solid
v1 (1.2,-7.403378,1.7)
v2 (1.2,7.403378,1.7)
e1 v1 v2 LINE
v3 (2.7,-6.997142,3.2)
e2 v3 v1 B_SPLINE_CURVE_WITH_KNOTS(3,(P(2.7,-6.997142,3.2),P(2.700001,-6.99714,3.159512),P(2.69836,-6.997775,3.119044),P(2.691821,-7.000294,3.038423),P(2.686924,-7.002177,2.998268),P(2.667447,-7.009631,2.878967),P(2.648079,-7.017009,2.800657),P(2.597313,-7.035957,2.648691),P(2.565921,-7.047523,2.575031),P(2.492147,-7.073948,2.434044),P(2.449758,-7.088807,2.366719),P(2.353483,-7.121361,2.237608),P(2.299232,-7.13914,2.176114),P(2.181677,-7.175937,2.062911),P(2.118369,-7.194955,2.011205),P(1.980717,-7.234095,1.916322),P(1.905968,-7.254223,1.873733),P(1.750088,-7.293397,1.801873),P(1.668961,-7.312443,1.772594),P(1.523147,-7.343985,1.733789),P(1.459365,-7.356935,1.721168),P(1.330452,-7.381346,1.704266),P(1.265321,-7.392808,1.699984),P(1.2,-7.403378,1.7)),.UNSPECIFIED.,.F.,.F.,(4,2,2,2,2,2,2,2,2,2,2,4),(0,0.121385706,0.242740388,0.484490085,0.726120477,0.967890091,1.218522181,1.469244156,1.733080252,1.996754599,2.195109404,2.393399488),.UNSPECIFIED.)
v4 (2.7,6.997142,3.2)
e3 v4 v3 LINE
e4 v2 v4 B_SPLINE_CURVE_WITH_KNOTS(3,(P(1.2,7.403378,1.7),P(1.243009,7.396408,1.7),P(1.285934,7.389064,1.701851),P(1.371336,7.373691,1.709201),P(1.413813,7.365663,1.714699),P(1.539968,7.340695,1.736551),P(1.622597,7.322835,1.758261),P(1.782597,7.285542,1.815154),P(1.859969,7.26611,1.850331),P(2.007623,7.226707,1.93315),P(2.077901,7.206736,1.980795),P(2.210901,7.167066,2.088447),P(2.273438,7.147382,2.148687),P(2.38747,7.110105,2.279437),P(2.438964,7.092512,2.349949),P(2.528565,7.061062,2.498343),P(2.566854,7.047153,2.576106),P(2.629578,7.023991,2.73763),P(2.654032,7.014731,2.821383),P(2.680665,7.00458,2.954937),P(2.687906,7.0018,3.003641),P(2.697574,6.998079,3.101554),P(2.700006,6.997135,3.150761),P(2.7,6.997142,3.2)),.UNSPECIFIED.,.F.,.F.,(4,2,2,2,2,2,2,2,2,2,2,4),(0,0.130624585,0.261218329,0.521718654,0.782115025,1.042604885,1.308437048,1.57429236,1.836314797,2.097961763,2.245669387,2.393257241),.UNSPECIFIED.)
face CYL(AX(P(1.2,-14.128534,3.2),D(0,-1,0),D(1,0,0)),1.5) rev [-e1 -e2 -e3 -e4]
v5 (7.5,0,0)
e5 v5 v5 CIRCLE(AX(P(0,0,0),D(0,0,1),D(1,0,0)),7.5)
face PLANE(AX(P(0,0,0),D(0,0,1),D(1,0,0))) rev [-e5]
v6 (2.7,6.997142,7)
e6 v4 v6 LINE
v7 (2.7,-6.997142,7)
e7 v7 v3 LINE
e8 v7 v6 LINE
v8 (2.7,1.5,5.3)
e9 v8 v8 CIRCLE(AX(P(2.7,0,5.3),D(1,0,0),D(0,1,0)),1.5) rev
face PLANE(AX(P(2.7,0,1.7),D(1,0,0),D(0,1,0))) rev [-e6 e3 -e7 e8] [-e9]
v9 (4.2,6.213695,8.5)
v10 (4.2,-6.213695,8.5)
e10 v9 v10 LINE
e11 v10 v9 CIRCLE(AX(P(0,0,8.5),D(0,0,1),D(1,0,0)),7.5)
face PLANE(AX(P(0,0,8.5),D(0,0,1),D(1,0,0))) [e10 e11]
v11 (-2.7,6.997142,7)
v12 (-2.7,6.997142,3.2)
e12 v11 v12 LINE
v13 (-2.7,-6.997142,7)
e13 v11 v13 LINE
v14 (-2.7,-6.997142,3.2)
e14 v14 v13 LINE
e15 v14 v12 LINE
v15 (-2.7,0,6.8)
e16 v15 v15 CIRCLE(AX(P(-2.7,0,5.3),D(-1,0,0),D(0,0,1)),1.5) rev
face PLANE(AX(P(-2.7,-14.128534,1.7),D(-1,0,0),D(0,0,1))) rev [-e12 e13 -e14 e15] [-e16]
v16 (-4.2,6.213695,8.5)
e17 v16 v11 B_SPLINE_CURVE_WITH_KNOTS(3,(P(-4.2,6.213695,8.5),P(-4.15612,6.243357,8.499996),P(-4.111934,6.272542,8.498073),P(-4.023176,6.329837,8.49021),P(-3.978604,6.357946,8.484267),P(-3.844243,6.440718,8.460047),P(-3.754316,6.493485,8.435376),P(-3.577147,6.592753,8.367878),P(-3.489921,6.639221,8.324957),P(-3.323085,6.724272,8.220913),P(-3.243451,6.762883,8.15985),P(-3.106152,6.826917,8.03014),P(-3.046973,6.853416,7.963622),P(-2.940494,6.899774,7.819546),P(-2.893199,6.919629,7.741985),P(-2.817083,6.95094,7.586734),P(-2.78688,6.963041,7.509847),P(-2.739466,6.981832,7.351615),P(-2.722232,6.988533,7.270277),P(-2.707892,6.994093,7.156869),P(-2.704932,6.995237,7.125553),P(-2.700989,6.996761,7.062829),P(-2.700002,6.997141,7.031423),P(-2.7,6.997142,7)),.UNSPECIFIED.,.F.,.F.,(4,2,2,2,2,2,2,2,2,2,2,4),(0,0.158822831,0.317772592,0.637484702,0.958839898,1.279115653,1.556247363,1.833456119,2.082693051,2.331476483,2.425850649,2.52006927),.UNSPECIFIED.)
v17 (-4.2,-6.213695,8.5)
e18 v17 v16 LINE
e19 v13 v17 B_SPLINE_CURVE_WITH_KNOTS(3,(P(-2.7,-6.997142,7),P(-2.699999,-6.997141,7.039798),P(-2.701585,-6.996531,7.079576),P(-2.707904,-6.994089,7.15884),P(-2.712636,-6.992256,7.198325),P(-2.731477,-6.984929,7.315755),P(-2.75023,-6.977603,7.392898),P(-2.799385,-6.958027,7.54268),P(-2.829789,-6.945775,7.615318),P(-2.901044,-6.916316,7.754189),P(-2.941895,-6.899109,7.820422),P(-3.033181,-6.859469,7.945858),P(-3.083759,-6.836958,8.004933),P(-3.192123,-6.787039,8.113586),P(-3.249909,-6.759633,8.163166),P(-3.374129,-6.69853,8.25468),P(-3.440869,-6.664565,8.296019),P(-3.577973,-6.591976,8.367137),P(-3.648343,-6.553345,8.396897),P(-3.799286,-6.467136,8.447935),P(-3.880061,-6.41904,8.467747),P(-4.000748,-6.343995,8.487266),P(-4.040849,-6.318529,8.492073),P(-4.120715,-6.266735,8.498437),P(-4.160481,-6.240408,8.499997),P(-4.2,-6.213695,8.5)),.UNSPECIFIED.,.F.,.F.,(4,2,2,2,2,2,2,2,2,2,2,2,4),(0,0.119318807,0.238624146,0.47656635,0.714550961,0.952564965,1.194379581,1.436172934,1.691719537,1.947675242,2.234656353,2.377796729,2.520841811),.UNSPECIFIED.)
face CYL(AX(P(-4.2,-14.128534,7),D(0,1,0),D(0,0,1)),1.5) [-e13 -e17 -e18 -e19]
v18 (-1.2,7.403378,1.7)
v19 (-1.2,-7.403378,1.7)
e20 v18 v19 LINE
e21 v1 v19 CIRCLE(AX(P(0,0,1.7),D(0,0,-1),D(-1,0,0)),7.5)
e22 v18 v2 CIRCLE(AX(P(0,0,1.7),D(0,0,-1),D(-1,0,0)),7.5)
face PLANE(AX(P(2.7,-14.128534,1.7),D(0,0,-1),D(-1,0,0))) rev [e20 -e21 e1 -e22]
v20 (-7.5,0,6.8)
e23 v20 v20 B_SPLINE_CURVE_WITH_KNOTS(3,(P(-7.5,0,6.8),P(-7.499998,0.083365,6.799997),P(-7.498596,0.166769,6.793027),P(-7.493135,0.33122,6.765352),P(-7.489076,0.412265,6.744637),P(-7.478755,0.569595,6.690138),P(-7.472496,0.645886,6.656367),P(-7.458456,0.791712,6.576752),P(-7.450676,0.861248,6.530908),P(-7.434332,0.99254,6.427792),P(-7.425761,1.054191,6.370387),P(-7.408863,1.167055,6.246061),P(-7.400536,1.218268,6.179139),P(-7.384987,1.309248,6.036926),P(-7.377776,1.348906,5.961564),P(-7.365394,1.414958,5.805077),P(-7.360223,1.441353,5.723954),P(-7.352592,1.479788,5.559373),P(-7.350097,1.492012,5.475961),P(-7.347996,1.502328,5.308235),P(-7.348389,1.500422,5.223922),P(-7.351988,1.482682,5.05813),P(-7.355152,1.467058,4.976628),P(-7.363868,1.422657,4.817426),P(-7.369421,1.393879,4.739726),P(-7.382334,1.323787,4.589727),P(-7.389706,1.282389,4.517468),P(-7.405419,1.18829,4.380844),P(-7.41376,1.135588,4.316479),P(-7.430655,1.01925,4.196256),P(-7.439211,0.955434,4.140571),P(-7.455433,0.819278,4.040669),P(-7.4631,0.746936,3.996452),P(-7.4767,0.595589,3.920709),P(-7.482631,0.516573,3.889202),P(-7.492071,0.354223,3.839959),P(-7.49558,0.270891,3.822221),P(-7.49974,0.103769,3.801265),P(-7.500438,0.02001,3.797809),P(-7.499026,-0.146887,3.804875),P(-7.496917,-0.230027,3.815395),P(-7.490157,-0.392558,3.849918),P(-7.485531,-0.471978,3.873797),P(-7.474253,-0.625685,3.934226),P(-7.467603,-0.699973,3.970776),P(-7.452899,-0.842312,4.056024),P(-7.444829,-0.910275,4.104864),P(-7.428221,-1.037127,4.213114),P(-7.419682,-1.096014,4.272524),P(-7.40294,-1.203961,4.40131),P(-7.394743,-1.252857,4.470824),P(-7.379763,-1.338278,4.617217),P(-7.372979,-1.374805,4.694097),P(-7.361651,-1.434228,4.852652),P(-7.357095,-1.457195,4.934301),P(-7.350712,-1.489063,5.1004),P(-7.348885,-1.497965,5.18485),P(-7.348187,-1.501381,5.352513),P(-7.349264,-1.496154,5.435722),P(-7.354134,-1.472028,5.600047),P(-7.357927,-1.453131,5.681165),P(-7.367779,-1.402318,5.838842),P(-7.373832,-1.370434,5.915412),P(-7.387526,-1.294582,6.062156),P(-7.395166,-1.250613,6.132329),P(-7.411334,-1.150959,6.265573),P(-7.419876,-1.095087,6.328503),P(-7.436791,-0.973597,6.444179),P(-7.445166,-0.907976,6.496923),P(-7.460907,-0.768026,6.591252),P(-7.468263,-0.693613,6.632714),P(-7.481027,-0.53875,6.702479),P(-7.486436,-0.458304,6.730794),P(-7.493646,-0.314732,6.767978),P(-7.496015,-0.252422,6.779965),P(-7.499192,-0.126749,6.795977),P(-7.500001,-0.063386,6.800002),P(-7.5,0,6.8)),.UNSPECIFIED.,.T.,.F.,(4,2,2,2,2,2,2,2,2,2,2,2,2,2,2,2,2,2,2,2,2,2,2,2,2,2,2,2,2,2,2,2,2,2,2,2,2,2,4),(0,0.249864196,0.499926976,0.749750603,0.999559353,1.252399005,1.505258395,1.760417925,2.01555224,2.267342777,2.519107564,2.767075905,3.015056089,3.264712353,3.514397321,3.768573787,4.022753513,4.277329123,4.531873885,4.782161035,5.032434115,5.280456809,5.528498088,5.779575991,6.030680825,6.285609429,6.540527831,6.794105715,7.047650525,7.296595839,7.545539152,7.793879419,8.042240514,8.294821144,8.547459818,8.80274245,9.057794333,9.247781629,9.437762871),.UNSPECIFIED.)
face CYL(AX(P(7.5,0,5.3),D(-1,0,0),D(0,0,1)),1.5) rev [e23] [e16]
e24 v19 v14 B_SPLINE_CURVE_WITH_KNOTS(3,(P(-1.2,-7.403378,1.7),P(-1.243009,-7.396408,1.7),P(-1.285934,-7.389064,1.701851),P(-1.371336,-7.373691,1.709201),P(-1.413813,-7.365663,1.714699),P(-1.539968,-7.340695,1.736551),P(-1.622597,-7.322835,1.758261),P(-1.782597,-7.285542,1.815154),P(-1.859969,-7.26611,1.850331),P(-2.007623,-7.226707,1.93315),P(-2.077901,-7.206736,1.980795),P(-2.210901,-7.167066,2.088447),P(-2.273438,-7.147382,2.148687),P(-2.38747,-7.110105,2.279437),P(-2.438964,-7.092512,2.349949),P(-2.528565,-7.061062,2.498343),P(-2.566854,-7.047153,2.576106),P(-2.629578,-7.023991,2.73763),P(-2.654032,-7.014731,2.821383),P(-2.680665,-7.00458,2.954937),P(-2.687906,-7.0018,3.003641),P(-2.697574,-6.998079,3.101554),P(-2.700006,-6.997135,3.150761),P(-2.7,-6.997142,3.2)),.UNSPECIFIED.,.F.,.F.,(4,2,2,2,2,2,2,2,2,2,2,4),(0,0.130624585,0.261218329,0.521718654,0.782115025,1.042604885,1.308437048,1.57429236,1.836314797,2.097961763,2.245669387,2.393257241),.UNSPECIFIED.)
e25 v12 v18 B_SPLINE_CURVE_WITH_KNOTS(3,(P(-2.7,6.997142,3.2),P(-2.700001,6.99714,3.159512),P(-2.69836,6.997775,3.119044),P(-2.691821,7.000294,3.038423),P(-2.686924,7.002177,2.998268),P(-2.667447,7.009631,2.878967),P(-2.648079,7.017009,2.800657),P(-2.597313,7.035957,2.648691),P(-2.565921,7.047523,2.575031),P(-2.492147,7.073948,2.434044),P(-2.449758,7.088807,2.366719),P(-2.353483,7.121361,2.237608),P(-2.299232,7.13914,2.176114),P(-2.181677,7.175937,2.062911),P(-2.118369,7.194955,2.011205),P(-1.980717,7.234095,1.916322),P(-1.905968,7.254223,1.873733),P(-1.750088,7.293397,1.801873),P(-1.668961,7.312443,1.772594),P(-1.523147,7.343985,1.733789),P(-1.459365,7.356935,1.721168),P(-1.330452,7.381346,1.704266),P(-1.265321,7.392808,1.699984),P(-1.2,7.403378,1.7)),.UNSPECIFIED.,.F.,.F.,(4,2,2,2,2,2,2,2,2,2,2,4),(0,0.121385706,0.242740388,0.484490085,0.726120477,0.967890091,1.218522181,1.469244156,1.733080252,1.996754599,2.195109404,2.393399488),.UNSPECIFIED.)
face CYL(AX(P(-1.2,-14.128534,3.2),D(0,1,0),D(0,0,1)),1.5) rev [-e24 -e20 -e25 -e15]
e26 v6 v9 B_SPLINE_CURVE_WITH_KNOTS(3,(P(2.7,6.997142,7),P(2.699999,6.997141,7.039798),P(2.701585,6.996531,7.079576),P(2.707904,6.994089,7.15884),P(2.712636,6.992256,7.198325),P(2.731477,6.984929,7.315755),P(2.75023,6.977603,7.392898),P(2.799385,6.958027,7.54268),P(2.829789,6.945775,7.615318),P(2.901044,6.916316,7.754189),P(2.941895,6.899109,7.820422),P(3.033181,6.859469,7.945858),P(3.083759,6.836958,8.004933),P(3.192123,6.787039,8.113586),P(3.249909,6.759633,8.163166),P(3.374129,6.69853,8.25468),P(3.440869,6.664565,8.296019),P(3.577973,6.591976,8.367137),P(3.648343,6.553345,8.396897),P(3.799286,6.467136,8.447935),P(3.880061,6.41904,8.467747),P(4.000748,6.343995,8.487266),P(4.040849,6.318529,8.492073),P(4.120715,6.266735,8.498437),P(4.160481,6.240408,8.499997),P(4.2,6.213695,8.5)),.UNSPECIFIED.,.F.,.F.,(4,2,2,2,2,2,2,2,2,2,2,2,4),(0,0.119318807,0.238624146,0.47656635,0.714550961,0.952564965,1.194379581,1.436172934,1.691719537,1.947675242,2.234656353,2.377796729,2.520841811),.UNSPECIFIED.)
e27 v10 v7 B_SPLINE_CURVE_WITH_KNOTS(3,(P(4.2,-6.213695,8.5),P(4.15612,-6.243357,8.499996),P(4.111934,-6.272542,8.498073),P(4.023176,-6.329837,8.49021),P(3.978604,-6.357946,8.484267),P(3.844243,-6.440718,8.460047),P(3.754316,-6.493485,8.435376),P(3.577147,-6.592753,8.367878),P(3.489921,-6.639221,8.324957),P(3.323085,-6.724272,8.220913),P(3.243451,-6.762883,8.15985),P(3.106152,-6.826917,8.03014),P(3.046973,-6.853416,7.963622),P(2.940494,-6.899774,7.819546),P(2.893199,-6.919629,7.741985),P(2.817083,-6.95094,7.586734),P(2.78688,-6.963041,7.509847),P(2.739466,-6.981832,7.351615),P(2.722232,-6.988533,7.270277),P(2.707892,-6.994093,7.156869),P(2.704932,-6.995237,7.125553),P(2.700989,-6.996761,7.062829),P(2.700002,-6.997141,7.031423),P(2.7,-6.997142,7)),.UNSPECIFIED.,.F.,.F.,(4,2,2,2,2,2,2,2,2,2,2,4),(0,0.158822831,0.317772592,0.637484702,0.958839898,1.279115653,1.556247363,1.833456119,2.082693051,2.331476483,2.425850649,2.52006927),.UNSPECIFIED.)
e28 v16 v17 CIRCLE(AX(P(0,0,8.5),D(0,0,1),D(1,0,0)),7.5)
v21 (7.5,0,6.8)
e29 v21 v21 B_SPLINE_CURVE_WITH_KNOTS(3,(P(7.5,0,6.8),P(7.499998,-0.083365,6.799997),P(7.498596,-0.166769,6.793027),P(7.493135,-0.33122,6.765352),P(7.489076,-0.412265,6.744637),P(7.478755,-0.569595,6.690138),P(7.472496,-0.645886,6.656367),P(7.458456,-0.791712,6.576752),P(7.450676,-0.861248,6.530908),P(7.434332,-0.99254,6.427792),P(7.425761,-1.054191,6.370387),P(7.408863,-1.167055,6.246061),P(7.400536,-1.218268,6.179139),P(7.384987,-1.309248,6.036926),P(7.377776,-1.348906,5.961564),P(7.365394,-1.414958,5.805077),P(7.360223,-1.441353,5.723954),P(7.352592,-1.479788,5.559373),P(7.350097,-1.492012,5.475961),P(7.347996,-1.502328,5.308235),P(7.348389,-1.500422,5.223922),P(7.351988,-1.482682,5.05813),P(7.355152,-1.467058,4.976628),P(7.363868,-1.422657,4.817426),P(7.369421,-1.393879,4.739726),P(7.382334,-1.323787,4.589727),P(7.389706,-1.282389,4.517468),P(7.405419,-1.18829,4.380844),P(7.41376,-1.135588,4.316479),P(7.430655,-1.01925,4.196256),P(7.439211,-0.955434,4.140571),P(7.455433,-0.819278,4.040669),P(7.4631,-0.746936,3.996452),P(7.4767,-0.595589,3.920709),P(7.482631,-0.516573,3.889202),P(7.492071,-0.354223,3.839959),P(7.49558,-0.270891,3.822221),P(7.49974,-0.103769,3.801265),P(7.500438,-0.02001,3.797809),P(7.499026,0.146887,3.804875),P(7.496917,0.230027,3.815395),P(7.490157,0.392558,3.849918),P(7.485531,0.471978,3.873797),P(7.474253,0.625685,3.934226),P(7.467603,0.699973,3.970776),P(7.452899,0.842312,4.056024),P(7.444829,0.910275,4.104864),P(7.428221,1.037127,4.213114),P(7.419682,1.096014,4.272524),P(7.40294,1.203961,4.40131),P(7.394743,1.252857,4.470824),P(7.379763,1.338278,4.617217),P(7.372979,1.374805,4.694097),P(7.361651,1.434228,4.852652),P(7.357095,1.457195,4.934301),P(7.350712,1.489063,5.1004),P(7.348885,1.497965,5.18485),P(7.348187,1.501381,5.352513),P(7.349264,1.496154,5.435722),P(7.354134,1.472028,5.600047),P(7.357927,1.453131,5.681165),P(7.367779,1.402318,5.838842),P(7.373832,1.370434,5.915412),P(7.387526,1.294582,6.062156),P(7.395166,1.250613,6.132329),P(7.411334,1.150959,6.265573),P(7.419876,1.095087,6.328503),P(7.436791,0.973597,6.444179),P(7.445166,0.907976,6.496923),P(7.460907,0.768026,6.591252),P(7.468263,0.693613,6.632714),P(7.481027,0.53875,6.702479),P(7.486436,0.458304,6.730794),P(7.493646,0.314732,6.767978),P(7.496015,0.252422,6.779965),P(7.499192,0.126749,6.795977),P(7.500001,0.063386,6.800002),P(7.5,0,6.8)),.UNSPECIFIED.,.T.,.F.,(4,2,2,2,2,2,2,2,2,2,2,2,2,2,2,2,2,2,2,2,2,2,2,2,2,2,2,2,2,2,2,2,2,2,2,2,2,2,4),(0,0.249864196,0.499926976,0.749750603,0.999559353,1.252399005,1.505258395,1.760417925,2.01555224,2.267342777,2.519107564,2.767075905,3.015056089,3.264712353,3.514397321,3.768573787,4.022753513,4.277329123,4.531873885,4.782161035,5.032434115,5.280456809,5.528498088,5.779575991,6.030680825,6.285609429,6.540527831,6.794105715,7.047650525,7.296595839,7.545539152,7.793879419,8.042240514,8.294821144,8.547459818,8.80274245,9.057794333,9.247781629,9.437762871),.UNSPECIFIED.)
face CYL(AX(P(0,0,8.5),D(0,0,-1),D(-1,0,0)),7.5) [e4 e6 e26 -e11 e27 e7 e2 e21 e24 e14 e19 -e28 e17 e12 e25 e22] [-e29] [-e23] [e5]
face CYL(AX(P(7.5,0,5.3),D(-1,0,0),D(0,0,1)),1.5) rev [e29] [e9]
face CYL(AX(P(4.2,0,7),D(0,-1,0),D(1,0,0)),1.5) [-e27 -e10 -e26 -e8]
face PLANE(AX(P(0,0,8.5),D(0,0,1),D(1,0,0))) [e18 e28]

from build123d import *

# Parameters (mm, degrees)
SKETCH1_R               = 7.5
BOSS_EXTRUDE1_DEPTH     = 8.5
CUT_EXTRUDE1_DEPTH      = 6.8
SKETCH3_R               = 1.5
CUT_EXTRUDE2_DEPTH      = 11.2
CUT_EXTRUDE2_DEPTH_BACK = 5.8
FILLET1_R               = 1.5


with BuildPart() as part:
    # Sketch1 → Boss-Extrude1 (new body)
    with BuildSketch(Plane.XY):
        Circle(SKETCH1_R)
    extrude(amount=BOSS_EXTRUDE1_DEPTH)

    # Sketch2 → Cut-Extrude1 (cut)
    with BuildSketch(Plane.XY.offset(8.5)):
        Polygon((2.7, 0), (2.7, 13.78279584), (-2.7, 13.78279584), (-2.7, 0), (-2.7, -14.12853377), (2.7, -14.12853377), align=None)
    extrude(amount=-CUT_EXTRUDE1_DEPTH, mode=Mode.SUBTRACT)

    # Sketch3 → Cut-Extrude2 (cut, two sides)
    with BuildSketch(Plane(origin=(-2.7, 0, 0), x_dir=(0, 0, -1), z_dir=(1, 0, 0))) as cut_extrude2_sk:
        with Locations((-5.3, 0)):
            Circle(SKETCH3_R)
    extrude(amount=CUT_EXTRUDE2_DEPTH, mode=Mode.SUBTRACT)
    extrude(cut_extrude2_sk.sketch, amount=-CUT_EXTRUDE2_DEPTH_BACK, mode=Mode.SUBTRACT)

    # Fillet1
    fillet1_edges = [part.edges().sort_by_distance(p)[0] for p in [
        (-2.7, 0, 1.7),
        (2.7, 0, 1.7),
        (2.7, 0, 8.5),
        (-2.7, 0, 8.5),
    ]]
    fillet(fillet1_edges, radius=FILLET1_R)


solid = part.part
